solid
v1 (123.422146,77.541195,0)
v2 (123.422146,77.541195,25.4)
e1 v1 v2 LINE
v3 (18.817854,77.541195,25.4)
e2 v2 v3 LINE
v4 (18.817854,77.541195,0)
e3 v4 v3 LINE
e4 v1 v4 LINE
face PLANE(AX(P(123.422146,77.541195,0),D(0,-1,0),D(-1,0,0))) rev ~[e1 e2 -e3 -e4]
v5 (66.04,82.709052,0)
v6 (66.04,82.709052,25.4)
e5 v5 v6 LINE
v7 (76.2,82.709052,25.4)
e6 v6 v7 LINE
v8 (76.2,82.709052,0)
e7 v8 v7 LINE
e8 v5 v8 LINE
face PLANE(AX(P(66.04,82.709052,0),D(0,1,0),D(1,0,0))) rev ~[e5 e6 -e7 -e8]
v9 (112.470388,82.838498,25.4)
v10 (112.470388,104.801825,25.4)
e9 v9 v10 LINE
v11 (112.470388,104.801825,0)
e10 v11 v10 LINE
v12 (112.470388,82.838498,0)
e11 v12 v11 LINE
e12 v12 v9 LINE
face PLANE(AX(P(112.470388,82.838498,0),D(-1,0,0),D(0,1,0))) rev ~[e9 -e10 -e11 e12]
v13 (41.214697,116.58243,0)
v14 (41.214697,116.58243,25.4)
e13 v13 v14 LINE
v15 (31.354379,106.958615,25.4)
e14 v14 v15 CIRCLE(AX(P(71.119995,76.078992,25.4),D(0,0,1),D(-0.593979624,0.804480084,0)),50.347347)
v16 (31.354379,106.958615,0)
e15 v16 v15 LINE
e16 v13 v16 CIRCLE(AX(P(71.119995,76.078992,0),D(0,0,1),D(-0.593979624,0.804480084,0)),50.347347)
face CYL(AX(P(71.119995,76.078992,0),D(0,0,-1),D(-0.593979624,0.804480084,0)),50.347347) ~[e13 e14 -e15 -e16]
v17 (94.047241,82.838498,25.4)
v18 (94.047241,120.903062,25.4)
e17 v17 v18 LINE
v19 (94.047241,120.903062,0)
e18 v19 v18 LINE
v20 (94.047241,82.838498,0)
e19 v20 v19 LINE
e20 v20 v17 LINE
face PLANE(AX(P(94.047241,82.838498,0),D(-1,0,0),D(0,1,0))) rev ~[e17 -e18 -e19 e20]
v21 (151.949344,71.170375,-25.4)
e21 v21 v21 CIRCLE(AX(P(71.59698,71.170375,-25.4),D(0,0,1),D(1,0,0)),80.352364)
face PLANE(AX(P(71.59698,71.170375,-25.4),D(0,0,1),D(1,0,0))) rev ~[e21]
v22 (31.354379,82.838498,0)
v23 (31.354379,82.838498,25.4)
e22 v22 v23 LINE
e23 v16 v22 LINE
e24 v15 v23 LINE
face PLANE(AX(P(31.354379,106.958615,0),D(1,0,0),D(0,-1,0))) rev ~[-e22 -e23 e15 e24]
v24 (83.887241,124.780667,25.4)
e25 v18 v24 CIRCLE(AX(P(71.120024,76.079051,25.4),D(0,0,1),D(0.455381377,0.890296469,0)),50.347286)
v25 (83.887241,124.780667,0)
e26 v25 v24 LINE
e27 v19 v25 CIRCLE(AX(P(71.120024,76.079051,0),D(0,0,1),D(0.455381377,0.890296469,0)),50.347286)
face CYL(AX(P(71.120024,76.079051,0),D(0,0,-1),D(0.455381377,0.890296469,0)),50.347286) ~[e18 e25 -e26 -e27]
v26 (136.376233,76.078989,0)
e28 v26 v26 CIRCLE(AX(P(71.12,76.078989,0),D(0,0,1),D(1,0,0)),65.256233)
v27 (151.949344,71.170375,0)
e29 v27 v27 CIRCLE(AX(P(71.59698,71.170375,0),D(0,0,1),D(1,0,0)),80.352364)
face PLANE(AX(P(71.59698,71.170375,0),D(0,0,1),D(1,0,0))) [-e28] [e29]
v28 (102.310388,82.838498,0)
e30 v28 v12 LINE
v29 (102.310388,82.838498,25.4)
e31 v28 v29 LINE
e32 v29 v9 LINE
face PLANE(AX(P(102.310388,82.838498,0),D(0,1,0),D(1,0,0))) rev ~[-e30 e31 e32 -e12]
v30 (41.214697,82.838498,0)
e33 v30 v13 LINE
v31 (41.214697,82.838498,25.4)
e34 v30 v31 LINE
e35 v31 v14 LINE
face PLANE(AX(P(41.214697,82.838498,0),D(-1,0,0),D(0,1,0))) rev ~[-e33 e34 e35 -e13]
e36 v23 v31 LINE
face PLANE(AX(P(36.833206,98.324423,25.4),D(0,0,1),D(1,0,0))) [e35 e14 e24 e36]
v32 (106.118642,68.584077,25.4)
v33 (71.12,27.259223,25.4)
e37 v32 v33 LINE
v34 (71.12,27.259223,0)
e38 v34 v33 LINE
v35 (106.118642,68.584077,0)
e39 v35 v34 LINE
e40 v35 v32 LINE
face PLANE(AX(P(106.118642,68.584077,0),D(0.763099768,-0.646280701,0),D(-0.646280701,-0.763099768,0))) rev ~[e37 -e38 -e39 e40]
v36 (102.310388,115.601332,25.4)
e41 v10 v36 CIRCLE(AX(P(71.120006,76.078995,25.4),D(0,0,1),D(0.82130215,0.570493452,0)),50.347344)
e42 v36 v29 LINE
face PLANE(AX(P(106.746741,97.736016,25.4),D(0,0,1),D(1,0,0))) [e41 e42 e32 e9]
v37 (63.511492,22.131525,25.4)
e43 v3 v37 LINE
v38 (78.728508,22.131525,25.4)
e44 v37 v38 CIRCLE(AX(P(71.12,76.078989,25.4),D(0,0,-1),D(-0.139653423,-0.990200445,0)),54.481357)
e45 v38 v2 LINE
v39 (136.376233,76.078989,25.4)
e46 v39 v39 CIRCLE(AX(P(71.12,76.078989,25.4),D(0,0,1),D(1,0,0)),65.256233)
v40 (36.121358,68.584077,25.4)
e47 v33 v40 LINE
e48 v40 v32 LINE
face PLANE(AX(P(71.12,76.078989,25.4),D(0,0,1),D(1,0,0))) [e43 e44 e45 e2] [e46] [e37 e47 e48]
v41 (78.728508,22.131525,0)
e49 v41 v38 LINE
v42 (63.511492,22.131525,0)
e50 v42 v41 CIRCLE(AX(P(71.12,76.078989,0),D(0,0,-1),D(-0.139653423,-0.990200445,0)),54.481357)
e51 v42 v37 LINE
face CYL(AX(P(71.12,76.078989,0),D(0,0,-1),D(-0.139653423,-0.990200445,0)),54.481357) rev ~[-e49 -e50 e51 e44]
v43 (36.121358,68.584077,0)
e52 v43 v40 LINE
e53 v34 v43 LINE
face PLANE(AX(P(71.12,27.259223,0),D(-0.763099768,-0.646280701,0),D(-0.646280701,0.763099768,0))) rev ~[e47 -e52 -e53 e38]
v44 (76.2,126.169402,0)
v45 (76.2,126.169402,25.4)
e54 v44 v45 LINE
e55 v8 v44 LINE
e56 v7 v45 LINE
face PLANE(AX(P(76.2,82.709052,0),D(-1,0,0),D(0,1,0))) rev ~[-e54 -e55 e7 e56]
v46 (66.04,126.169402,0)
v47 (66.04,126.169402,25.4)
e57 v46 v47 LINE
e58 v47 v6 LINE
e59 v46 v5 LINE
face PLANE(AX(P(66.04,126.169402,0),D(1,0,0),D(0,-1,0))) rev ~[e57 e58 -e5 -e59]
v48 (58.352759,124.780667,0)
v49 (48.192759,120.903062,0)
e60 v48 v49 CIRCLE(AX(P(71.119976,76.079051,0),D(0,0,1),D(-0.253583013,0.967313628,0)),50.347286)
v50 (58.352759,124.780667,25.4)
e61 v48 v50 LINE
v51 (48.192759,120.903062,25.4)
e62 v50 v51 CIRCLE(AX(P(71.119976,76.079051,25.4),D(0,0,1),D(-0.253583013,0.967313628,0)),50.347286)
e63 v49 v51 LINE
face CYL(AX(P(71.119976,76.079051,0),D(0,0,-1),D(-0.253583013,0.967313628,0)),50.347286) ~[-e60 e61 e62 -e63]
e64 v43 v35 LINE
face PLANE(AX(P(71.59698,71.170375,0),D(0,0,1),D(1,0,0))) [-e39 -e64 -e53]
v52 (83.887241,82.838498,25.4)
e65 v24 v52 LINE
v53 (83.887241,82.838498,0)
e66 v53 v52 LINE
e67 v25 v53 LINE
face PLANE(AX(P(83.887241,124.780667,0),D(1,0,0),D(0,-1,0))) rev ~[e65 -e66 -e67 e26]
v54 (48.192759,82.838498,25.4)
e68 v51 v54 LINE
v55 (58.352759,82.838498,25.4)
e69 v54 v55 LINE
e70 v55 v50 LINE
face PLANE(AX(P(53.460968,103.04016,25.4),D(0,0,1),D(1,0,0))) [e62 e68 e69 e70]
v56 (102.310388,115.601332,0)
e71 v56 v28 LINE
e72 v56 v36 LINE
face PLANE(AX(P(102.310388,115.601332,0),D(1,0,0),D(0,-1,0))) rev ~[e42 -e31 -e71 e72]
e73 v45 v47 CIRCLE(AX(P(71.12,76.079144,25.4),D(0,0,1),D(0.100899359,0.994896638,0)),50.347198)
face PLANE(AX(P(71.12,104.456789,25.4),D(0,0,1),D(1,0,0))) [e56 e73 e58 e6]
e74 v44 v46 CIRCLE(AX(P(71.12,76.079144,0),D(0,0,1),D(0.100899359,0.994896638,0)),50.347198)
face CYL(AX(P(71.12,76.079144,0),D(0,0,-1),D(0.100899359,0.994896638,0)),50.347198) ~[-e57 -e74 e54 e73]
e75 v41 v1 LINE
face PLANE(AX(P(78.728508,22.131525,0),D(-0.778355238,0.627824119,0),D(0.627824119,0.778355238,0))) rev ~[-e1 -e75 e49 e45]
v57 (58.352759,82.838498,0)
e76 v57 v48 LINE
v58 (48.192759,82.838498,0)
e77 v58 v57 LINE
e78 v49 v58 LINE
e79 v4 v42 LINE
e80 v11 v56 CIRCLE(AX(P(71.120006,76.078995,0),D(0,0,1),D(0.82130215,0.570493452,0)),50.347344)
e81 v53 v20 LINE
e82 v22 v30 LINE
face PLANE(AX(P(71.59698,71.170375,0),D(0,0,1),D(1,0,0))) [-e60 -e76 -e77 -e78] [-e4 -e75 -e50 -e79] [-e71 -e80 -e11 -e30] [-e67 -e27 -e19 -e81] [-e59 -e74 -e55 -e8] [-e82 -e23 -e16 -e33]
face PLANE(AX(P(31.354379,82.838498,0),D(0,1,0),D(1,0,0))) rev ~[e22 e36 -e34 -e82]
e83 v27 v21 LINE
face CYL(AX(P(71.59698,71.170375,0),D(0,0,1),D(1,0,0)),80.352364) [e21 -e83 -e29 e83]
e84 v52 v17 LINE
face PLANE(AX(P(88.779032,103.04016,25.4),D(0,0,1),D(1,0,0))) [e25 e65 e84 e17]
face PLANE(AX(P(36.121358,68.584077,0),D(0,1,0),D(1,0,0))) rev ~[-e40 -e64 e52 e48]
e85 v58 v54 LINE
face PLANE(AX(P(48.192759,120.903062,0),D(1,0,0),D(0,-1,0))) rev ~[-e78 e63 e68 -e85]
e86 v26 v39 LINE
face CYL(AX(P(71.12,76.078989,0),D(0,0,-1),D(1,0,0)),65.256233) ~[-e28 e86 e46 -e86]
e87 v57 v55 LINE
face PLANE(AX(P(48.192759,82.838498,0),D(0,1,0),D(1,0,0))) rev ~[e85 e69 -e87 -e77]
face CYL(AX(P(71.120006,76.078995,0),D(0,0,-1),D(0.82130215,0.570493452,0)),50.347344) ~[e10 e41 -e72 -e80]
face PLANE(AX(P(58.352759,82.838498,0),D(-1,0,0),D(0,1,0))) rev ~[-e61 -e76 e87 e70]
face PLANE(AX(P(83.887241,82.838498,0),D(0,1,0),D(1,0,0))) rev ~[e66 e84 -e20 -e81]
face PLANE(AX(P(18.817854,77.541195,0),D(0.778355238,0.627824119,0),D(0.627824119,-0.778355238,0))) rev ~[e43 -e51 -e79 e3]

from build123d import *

# Parameters (mm, degrees)
F1_R     = 80.352364
F2_DEPTH = 25.4
F0_R     = 65.256233
F3_DEPTH = 25.4


with BuildPart() as f2:
    # F1 (on Top) → F2 (new body)
    with BuildSketch(Plane.XY):
        with Locations((71.59698, 71.170375)):
            Circle(F1_R)
    extrude(amount=-F2_DEPTH)

    # F0 (on Top) → F3 (join)
    with BuildSketch(Plane.XY):
        with Locations((71.12, 76.078989)):
            Circle(F0_R)
        Polygon((71.12, 68.584077), (106.118642, 68.584077), (71.12, 27.259223), (36.121358, 68.584077), align=None, mode=Mode.SUBTRACT)
        with BuildLine():
            ThreePointArc((63.511492, 22.131525), (71.12, 130.560346), (78.728508, 22.131525))
            Line((78.728508, 22.131525), (123.422146, 77.541195))
            Line((123.422146, 77.541195), (71.12, 77.541195))
            Line((71.12, 77.541195), (18.817854, 77.541195))
            Line((18.817854, 77.541195), (63.511492, 22.131525))
        make_face(mode=Mode.SUBTRACT)
        with BuildLine():
            Line((31.354379, 82.838498), (41.214697, 82.838498))
            Line((41.214697, 82.838498), (41.214697, 116.58243))
            ThreePointArc((41.214697, 116.58243), (35.953768, 112.109421), (31.354379, 106.958615))
            Line((31.354379, 106.958615), (31.354379, 82.838498))
        make_face()
        with BuildLine():
            Line((48.192759, 82.838498), (58.352759, 82.838498))
            Line((58.352759, 82.838498), (58.352759, 124.780667))
            ThreePointArc((58.352759, 124.780667), (53.167759, 123.116984), (48.192759, 120.903062))
            Line((48.192759, 120.903062), (48.192759, 82.838498))
        make_face()
        with BuildLine():
            Line((66.04, 82.709052), (76.2, 82.709052))
            Line((76.2, 82.709052), (76.2, 126.169402))
            ThreePointArc((76.2, 126.169402), (71.12, 126.426342), (66.04, 126.169402))
            Line((66.04, 126.169402), (66.04, 82.709052))
        make_face()
        with BuildLine():
            Line((83.887241, 124.780667), (83.887241, 82.838498))
            Line((83.887241, 82.838498), (94.047241, 82.838498))
            Line((94.047241, 82.838498), (94.047241, 120.903062))
            ThreePointArc((94.047241, 120.903062), (89.072241, 123.116984), (83.887241, 124.780667))
        make_face()
        with BuildLine():
            Line((102.310388, 115.601332), (102.310388, 82.838498))
            Line((102.310388, 82.838498), (112.470388, 82.838498))
            Line((112.470388, 82.838498), (112.470388, 104.801825))
            ThreePointArc((112.470388, 104.801825), (107.79013, 110.577648), (102.310388, 115.601332))
        make_face()
    extrude(amount=F3_DEPTH)


solid = f2.part
